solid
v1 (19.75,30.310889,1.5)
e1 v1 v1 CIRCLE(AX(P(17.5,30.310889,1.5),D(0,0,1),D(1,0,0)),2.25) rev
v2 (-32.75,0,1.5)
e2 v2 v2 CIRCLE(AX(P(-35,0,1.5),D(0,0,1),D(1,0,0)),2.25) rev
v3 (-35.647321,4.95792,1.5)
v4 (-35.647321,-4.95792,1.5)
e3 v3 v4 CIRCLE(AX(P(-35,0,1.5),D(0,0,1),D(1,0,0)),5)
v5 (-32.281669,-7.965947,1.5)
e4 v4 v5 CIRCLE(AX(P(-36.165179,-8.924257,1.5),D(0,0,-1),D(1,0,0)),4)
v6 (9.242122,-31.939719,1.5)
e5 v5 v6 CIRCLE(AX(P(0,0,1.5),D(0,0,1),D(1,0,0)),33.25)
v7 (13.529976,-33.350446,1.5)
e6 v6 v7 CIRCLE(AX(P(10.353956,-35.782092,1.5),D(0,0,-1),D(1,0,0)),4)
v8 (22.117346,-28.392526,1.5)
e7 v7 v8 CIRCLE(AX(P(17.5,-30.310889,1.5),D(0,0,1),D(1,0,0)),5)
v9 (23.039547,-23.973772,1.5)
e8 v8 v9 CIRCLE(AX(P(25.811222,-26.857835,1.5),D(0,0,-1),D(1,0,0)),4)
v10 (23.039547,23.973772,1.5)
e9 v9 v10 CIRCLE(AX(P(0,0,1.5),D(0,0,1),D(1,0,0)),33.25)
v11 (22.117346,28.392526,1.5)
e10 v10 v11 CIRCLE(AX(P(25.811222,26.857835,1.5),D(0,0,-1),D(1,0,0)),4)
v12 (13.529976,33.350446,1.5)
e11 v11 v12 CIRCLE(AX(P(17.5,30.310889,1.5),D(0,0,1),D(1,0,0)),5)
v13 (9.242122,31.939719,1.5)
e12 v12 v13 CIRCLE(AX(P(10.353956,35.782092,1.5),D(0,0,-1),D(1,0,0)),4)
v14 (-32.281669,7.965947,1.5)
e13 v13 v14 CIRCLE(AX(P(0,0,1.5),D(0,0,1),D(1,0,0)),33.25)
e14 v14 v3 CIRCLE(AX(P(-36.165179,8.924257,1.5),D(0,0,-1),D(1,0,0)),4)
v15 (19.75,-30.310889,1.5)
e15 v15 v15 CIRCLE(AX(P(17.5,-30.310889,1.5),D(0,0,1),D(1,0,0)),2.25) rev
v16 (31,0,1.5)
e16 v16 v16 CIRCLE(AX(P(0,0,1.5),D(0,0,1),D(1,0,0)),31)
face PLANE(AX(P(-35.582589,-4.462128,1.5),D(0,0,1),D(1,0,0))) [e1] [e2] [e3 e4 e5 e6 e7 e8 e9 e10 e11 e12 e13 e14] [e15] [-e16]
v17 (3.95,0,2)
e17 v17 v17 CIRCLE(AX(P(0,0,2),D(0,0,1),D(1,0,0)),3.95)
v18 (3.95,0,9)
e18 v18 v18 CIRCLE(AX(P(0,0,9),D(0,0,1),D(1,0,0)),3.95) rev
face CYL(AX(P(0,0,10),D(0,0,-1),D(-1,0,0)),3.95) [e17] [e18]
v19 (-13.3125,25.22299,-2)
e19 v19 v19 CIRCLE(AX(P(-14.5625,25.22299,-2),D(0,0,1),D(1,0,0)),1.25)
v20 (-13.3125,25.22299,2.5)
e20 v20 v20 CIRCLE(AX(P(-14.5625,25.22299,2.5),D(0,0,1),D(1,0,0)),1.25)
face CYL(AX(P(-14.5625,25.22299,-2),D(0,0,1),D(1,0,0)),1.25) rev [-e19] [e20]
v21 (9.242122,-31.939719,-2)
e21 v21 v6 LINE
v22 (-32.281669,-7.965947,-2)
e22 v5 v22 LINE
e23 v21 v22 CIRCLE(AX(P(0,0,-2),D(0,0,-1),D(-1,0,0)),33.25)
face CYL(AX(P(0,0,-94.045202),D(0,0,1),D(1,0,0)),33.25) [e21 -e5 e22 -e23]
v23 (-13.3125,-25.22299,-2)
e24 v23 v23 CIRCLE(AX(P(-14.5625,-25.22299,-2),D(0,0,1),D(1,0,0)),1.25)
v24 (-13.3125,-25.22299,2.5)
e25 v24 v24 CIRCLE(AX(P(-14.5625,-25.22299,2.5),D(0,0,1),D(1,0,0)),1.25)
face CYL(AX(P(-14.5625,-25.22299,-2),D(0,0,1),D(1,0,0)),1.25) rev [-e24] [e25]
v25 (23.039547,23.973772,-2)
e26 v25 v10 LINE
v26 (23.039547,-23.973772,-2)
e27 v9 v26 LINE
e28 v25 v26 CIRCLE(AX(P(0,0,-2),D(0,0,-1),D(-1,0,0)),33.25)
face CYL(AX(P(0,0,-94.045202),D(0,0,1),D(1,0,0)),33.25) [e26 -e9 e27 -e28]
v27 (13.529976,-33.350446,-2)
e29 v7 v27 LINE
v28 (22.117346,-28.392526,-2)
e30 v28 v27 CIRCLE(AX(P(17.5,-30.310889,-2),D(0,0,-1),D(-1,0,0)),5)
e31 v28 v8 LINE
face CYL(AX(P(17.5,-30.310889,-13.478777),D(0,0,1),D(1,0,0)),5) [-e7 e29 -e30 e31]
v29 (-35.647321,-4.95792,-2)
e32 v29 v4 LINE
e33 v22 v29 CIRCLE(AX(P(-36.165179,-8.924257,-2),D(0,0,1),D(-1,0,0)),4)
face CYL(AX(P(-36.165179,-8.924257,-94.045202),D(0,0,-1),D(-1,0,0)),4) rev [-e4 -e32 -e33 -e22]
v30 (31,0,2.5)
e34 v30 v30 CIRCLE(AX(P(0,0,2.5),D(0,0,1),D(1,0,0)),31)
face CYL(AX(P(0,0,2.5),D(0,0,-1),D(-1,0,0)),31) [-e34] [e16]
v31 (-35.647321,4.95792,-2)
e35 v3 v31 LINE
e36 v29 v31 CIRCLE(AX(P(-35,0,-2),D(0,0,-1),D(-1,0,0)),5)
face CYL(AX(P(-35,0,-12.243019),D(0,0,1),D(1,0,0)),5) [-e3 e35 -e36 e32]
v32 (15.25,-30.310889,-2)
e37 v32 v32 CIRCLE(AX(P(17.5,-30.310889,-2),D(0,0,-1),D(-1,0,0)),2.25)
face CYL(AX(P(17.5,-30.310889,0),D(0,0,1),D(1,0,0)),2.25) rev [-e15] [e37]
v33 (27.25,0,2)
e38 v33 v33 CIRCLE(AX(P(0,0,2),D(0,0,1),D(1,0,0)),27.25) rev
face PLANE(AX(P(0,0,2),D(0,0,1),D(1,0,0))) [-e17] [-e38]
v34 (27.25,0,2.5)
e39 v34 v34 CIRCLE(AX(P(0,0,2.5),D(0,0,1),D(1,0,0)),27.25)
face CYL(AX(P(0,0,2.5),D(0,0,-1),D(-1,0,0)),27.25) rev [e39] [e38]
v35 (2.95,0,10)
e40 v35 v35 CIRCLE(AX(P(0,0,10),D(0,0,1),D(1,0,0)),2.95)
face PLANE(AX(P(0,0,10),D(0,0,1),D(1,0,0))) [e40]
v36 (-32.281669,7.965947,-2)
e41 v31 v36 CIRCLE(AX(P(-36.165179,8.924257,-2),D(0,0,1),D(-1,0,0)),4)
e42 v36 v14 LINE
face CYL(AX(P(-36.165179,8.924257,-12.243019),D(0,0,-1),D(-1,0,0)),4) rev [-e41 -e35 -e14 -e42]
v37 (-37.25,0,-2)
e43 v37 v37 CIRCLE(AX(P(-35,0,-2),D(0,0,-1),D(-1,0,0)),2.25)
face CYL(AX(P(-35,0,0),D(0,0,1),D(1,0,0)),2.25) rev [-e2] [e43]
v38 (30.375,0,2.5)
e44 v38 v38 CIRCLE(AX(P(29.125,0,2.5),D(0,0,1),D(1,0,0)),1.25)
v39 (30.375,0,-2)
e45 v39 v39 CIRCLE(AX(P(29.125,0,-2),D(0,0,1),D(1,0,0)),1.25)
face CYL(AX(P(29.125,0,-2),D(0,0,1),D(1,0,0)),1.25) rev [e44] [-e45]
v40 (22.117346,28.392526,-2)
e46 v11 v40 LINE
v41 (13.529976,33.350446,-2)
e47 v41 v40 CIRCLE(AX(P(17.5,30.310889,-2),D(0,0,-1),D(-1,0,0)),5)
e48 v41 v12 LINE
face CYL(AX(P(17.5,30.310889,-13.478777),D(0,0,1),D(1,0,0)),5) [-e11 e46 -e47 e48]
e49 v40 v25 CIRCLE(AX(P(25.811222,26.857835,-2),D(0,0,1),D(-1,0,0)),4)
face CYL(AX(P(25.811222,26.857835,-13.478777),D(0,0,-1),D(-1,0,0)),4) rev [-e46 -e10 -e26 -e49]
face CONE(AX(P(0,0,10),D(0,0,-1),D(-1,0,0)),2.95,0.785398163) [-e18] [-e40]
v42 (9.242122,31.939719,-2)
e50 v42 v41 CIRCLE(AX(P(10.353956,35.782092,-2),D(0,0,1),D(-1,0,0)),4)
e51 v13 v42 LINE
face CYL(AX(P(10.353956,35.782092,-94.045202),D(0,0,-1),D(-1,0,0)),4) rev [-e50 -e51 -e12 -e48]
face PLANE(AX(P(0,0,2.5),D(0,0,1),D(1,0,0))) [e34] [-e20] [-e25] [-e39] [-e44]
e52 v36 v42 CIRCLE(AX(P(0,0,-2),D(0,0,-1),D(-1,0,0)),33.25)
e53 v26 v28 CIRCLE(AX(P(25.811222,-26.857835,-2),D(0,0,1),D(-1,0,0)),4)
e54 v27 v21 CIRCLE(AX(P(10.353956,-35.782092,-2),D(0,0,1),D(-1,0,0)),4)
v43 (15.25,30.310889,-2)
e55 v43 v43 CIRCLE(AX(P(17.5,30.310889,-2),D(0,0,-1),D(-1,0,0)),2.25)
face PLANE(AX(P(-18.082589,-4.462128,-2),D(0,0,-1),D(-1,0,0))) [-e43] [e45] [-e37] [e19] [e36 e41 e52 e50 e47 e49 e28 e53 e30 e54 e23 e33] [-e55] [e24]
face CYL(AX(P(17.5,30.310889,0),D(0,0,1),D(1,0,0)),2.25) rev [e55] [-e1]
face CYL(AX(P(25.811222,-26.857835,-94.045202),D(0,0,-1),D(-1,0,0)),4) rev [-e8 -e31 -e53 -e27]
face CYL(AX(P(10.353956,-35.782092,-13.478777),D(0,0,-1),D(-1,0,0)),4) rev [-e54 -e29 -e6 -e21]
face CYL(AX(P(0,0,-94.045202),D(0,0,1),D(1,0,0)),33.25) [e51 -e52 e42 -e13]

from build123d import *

# Parameters (mm, degrees)
ESQUISSE1_R                        = 31.25
BOSS_EXTRU_1_DEPTH                 = 2
BOSS_EXTRU_2_DEPTH                 = 25.5
BOSS_EXTRU_2_DEPTH_BACK            = 2
ESQUISSE2_R                        = 33.25
ESQUISSE2_R_2                      = 31.25
ESQUISSE3_R                        = 7.95
BOSS_EXTRU_3_DEPTH                 = 7.5
ESQUISSE4_R                        = 3.95
BOSS_EXTRU_4_DEPTH                 = 8
CHANFREIN1_SIZE                    = 1
BOSS_EXTRU_5_DEPTH                 = 27.5
ESQUISSE6_R                        = 1.75
ENL_V_MAT_EXTRU_1_DEPTH            = 10
CONG_1_R                           = 4
R_P_TITION_CIRCULAIRE2_COUNT       = 3
CONG_1_OF_R_P_TITION_CIRCULAIRE2_R = 4
ENL_V_MAT_EXTRU_2_DEPTH            = 25.5
ESQUISSE8_R                        = 3.95
BOSS_EXTRU_6_DEPTH                 = 8
ESQUISSE9_R                        = 2.25
ENL_V_MAT_EXTRU_3_DEPTH            = 54.952376281
CHANFREIN2_SIZE                    = 1
ESQUISSE10_R                       = 31
ESQUISSE10_R_2                     = 27.25
BOSS_EXTRU_7_DEPTH                 = 0.5
ESQUISSE11_R                       = 31
ENL_V_MAT_EXTRU_4_DEPTH            = 0.5
ESQUISSE12_R                       = 2.25
BOSS_EXTRU_8_DEPTH                 = 2
ESQUISSE13_R                       = 1.25
ENL_V_MAT_EXTRU_5_DEPTH            = 54.88050581


with BuildPart() as part:
    # Esquisse1 → Boss.-Extru.1 (new body)
    with BuildSketch(Plane.XY):
        Circle(ESQUISSE1_R)
    extrude(amount=BOSS_EXTRU_1_DEPTH)

    # Esquisse2 → Boss.-Extru.2 (add, two sides: drawn at the far end of the back side and taken through both)
    with BuildSketch(Plane.XY.offset(2).offset(-BOSS_EXTRU_2_DEPTH_BACK)):
        Circle(ESQUISSE2_R)
        Circle(ESQUISSE2_R_2, mode=Mode.SUBTRACT)
    extrude(amount=BOSS_EXTRU_2_DEPTH + BOSS_EXTRU_2_DEPTH_BACK)

    # Esquisse3 → Boss.-Extru.3 (add)
    with BuildSketch(Plane.XY.offset(2)):
        Circle(ESQUISSE3_R)
    extrude(amount=BOSS_EXTRU_3_DEPTH)

    # Esquisse4 → Boss.-Extru.4 (add)
    with BuildSketch(Plane.XY.offset(9.5)):
        Circle(ESQUISSE4_R)
    extrude(amount=BOSS_EXTRU_4_DEPTH)

    # Chanfrein1
    chanfrein1_edges = [part.edges().sort_by_distance(p)[0] for p in [
        (-7.95, 0, 9.5),
        (-3.95, 0, 17.5),
    ]]
    chamfer(chanfrein1_edges, length=CHANFREIN1_SIZE)

    # Esquisse5 → Boss.-Extru.5 (add)
    with BuildSketch(Plane.XY.offset(27.5)):
        with BuildLine():
            ThreePointArc((-32.936607143, -4.554383594), (-40, 0), (-32.936607143, 4.554383594))
            ThreePointArc((-32.936607143, 4.554383594), (-33.25, 0), (-32.936607143, -4.554383594))
        make_face()
    boss_extru_5 = extrude(amount=-BOSS_EXTRU_5_DEPTH)

    # Esquisse6 → Enlèv. mat.-Extru.1 (cut)
    with BuildSketch(Plane.XY.offset(27.5)):
        with Locations((-35, 0)):
            Circle(ESQUISSE6_R)
    enl_v_mat_extru_1 = extrude(amount=-ENL_V_MAT_EXTRU_1_DEPTH, mode=Mode.SUBTRACT)

    # Congé1
    cong_1_edges = [part.edges().sort_by_distance(p)[0] for p in [
        (-32.936607143, 4.554383594, 13.75),
        (-32.936607143, -4.554383594, 13.75),
    ]]
    fillet(cong_1_edges, radius=CONG_1_R)

    # Répétition circulaire2: Boss.-Extru.5, Enlèv. mat.-Extru.1 ×3 about axis
    r_p_tition_circulaire2_axis = Axis((0, 0, 0), (0, 0, 1))
    add([boss_extru_5.rotate(r_p_tition_circulaire2_axis, i * 360 / R_P_TITION_CIRCULAIRE2_COUNT) for i in range(1, R_P_TITION_CIRCULAIRE2_COUNT)])
    add([enl_v_mat_extru_1.rotate(r_p_tition_circulaire2_axis, i * 360 / R_P_TITION_CIRCULAIRE2_COUNT) for i in range(1, R_P_TITION_CIRCULAIRE2_COUNT)], mode=Mode.SUBTRACT)

    # Congé1 of Répétition circulaire2
    cong_1_of_r_p_tition_circulaire2_edges = [part.edges().sort_by_distance(p)[0] for p in [
        (12.524091681, -30.801130297, 13.75),
        (20.412515462, -26.246746703, 13.75),
        (20.412515462, 26.246746703, 13.75),
        (12.524091681, 30.801130297, 13.75),
    ]]
    fillet(cong_1_of_r_p_tition_circulaire2_edges, radius=CONG_1_OF_R_P_TITION_CIRCULAIRE2_R)

    # Esquisse7 → Enlèv. mat.-Extru.2 (cut)
    with BuildSketch(Plane.XY.offset(27.5)):
        with BuildLine():
            ThreePointArc((-35.647321429, 4.957920428), (-40, 0), (-35.647321429, -4.957920428))
            ThreePointArc((-35.647321429, -4.957920428), (-33.49964623, -5.941818617), (-32.281669463, -7.965947318))
            ThreePointArc((-32.281669463, -7.965947318), (-16.625, -28.795344676), (9.242121989, -31.939719491))
            ThreePointArc((9.242121989, -31.939719491), (11.604057248, -31.982453961), (13.529975674, -33.350446148))
            ThreePointArc((13.529975674, -33.350446148), (20, -34.641016151), (22.117345755, -28.39252572))
            ThreePointArc((22.117345755, -28.39252572), (21.895588982, -26.040635345), (23.039547474, -23.973772173))
            ThreePointArc((23.039547474, -23.973772173), (33.25, 0), (23.039547474, 23.973772173))
            ThreePointArc((23.039547474, 23.973772173), (21.895588982, 26.040635345), (22.117345755, 28.39252572))
            ThreePointArc((22.117345755, 28.39252572), (20, 34.641016151), (13.529975674, 33.350446148))
            ThreePointArc((13.529975674, 33.350446148), (11.604057248, 31.982453961), (9.242121989, 31.939719491))
            ThreePointArc((9.242121989, 31.939719491), (-16.625, 28.795344676), (-32.281669463, 7.965947318))
            ThreePointArc((-32.281669463, 7.965947318), (-33.49964623, 5.941818617), (-35.647321429, 4.957920428))
        make_face()
    extrude(amount=-ENL_V_MAT_EXTRU_2_DEPTH, mode=Mode.SUBTRACT)

    # Esquisse8 → Boss.-Extru.6 (add)
    with BuildSketch(Plane.XY.offset(2)):
        Circle(ESQUISSE8_R)
    extrude(amount=BOSS_EXTRU_6_DEPTH)

    # Esquisse9 → Enlèv. mat.-Extru.3 (cut, through all)
    with BuildSketch(Plane.XY.offset(2)):
        with Locations((-35, 0)):
            Circle(ESQUISSE9_R)
        with Locations((17.5, 30.310889132)):
            Circle(ESQUISSE9_R)
        with Locations((17.5, -30.310889132)):
            Circle(ESQUISSE9_R)
    extrude(amount=-ENL_V_MAT_EXTRU_3_DEPTH, mode=Mode.SUBTRACT)

    # Chanfrein2
    chanfrein2_edges = [part.edges().sort_by_distance(p)[0] for p in [
        (-3.95, 0, 10),
    ]]
    chamfer(chanfrein2_edges, length=CHANFREIN2_SIZE)

    # Esquisse10 → Boss.-Extru.7 (add)
    with BuildSketch(Plane.XY.offset(2)):
        Circle(ESQUISSE10_R)
        Circle(ESQUISSE10_R_2, mode=Mode.SUBTRACT)
    extrude(amount=BOSS_EXTRU_7_DEPTH)

    # Esquisse11 → Enlèv. mat.-Extru.4 (cut)
    with BuildSketch(Plane.XY.offset(2)):
        with BuildLine():
            ThreePointArc((-35.647321429, 4.957920428), (-33.49964623, 5.941818617), (-32.281669463, 7.965947318))
            ThreePointArc((-32.281669463, 7.965947318), (-16.625, 28.795344676), (9.242121989, 31.939719491))
            ThreePointArc((9.242121989, 31.939719491), (11.604057248, 31.982453961), (13.529975674, 33.350446148))
            ThreePointArc((13.529975674, 33.350446148), (20, 34.641016151), (22.117345755, 28.39252572))
            ThreePointArc((22.117345755, 28.39252572), (21.895588982, 26.040635345), (23.039547474, 23.973772173))
            ThreePointArc((23.039547474, 23.973772173), (33.25, 0), (23.039547474, -23.973772173))
            ThreePointArc((23.039547474, -23.973772173), (21.895588982, -26.040635345), (22.117345755, -28.39252572))
            ThreePointArc((22.117345755, -28.39252572), (20, -34.641016151), (13.529975674, -33.350446148))
            ThreePointArc((13.529975674, -33.350446148), (11.604057248, -31.982453961), (9.242121989, -31.939719491))
            ThreePointArc((9.242121989, -31.939719491), (-16.625, -28.795344676), (-32.281669463, -7.965947318))
            ThreePointArc((-32.281669463, -7.965947318), (-33.49964623, -5.941818617), (-35.647321429, -4.957920428))
            ThreePointArc((-35.647321429, -4.957920428), (-40, 0), (-35.647321429, 4.957920428))
        make_face()
        Circle(ESQUISSE11_R, mode=Mode.SUBTRACT)
    extrude(amount=-ENL_V_MAT_EXTRU_4_DEPTH, mode=Mode.SUBTRACT)

    # Esquisse12 → Boss.-Extru.8 (add)
    with BuildSketch(Plane(origin=(0, 0, 0), x_dir=(-1, 0, 0), z_dir=(0, 0, -1))):
        with BuildLine():
            ThreePointArc((35.647321429, -4.957920428), (40, 0), (35.647321429, 4.957920428))
            ThreePointArc((35.647321429, 4.957920428), (33.49964623, 5.941818617), (32.281669463, 7.965947318))
            ThreePointArc((32.281669463, 7.965947318), (16.625, 28.795344676), (-9.242121989, 31.939719491))
            ThreePointArc((-9.242121989, 31.939719491), (-11.604057248, 31.982453961), (-13.529975674, 33.350446148))
            ThreePointArc((-13.529975674, 33.350446148), (-20, 34.641016151), (-22.117345755, 28.39252572))
            ThreePointArc((-22.117345755, 28.39252572), (-21.895588982, 26.040635345), (-23.039547474, 23.973772173))
            ThreePointArc((-23.039547474, 23.973772173), (-33.25, 0), (-23.039547474, -23.973772173))
            ThreePointArc((-23.039547474, -23.973772173), (-21.895588982, -26.040635345), (-22.117345755, -28.39252572))
            ThreePointArc((-22.117345755, -28.39252572), (-20, -34.641016151), (-13.529975674, -33.350446148))
            ThreePointArc((-13.529975674, -33.350446148), (-11.604057248, -31.982453961), (-9.242121989, -31.939719491))
            ThreePointArc((-9.242121989, -31.939719491), (16.625, -28.795344676), (32.281669463, -7.965947318))
            ThreePointArc((32.281669463, -7.965947318), (33.49964623, -5.941818617), (35.647321429, -4.957920428))
        make_face()
        with Locations(Location((35, 0, 0), (0, 0, 180))):
            Circle(ESQUISSE12_R, mode=Mode.SUBTRACT)
        with Locations(Location((-17.5, -30.310889132, 0), (0, 0, 180))):
            Circle(ESQUISSE12_R, mode=Mode.SUBTRACT)
        with Locations(Location((-17.5, 30.310889132, 0), (0, 0, 180))):
            Circle(ESQUISSE12_R, mode=Mode.SUBTRACT)
    extrude(amount=BOSS_EXTRU_8_DEPTH)

    # Esquisse13 → Enlèv. mat.-Extru.5 (cut, through all)
    with BuildSketch(Plane.XY.offset(2.5)):
        with Locations((-14.5625, 25.222989885)):
            Circle(ESQUISSE13_R)
        with Locations((29.125, 0)):
            Circle(ESQUISSE13_R)
        with Locations((-14.5625, -25.222989885)):
            Circle(ESQUISSE13_R)
    extrude(amount=-ENL_V_MAT_EXTRU_5_DEPTH, mode=Mode.SUBTRACT)


solid = part.part
